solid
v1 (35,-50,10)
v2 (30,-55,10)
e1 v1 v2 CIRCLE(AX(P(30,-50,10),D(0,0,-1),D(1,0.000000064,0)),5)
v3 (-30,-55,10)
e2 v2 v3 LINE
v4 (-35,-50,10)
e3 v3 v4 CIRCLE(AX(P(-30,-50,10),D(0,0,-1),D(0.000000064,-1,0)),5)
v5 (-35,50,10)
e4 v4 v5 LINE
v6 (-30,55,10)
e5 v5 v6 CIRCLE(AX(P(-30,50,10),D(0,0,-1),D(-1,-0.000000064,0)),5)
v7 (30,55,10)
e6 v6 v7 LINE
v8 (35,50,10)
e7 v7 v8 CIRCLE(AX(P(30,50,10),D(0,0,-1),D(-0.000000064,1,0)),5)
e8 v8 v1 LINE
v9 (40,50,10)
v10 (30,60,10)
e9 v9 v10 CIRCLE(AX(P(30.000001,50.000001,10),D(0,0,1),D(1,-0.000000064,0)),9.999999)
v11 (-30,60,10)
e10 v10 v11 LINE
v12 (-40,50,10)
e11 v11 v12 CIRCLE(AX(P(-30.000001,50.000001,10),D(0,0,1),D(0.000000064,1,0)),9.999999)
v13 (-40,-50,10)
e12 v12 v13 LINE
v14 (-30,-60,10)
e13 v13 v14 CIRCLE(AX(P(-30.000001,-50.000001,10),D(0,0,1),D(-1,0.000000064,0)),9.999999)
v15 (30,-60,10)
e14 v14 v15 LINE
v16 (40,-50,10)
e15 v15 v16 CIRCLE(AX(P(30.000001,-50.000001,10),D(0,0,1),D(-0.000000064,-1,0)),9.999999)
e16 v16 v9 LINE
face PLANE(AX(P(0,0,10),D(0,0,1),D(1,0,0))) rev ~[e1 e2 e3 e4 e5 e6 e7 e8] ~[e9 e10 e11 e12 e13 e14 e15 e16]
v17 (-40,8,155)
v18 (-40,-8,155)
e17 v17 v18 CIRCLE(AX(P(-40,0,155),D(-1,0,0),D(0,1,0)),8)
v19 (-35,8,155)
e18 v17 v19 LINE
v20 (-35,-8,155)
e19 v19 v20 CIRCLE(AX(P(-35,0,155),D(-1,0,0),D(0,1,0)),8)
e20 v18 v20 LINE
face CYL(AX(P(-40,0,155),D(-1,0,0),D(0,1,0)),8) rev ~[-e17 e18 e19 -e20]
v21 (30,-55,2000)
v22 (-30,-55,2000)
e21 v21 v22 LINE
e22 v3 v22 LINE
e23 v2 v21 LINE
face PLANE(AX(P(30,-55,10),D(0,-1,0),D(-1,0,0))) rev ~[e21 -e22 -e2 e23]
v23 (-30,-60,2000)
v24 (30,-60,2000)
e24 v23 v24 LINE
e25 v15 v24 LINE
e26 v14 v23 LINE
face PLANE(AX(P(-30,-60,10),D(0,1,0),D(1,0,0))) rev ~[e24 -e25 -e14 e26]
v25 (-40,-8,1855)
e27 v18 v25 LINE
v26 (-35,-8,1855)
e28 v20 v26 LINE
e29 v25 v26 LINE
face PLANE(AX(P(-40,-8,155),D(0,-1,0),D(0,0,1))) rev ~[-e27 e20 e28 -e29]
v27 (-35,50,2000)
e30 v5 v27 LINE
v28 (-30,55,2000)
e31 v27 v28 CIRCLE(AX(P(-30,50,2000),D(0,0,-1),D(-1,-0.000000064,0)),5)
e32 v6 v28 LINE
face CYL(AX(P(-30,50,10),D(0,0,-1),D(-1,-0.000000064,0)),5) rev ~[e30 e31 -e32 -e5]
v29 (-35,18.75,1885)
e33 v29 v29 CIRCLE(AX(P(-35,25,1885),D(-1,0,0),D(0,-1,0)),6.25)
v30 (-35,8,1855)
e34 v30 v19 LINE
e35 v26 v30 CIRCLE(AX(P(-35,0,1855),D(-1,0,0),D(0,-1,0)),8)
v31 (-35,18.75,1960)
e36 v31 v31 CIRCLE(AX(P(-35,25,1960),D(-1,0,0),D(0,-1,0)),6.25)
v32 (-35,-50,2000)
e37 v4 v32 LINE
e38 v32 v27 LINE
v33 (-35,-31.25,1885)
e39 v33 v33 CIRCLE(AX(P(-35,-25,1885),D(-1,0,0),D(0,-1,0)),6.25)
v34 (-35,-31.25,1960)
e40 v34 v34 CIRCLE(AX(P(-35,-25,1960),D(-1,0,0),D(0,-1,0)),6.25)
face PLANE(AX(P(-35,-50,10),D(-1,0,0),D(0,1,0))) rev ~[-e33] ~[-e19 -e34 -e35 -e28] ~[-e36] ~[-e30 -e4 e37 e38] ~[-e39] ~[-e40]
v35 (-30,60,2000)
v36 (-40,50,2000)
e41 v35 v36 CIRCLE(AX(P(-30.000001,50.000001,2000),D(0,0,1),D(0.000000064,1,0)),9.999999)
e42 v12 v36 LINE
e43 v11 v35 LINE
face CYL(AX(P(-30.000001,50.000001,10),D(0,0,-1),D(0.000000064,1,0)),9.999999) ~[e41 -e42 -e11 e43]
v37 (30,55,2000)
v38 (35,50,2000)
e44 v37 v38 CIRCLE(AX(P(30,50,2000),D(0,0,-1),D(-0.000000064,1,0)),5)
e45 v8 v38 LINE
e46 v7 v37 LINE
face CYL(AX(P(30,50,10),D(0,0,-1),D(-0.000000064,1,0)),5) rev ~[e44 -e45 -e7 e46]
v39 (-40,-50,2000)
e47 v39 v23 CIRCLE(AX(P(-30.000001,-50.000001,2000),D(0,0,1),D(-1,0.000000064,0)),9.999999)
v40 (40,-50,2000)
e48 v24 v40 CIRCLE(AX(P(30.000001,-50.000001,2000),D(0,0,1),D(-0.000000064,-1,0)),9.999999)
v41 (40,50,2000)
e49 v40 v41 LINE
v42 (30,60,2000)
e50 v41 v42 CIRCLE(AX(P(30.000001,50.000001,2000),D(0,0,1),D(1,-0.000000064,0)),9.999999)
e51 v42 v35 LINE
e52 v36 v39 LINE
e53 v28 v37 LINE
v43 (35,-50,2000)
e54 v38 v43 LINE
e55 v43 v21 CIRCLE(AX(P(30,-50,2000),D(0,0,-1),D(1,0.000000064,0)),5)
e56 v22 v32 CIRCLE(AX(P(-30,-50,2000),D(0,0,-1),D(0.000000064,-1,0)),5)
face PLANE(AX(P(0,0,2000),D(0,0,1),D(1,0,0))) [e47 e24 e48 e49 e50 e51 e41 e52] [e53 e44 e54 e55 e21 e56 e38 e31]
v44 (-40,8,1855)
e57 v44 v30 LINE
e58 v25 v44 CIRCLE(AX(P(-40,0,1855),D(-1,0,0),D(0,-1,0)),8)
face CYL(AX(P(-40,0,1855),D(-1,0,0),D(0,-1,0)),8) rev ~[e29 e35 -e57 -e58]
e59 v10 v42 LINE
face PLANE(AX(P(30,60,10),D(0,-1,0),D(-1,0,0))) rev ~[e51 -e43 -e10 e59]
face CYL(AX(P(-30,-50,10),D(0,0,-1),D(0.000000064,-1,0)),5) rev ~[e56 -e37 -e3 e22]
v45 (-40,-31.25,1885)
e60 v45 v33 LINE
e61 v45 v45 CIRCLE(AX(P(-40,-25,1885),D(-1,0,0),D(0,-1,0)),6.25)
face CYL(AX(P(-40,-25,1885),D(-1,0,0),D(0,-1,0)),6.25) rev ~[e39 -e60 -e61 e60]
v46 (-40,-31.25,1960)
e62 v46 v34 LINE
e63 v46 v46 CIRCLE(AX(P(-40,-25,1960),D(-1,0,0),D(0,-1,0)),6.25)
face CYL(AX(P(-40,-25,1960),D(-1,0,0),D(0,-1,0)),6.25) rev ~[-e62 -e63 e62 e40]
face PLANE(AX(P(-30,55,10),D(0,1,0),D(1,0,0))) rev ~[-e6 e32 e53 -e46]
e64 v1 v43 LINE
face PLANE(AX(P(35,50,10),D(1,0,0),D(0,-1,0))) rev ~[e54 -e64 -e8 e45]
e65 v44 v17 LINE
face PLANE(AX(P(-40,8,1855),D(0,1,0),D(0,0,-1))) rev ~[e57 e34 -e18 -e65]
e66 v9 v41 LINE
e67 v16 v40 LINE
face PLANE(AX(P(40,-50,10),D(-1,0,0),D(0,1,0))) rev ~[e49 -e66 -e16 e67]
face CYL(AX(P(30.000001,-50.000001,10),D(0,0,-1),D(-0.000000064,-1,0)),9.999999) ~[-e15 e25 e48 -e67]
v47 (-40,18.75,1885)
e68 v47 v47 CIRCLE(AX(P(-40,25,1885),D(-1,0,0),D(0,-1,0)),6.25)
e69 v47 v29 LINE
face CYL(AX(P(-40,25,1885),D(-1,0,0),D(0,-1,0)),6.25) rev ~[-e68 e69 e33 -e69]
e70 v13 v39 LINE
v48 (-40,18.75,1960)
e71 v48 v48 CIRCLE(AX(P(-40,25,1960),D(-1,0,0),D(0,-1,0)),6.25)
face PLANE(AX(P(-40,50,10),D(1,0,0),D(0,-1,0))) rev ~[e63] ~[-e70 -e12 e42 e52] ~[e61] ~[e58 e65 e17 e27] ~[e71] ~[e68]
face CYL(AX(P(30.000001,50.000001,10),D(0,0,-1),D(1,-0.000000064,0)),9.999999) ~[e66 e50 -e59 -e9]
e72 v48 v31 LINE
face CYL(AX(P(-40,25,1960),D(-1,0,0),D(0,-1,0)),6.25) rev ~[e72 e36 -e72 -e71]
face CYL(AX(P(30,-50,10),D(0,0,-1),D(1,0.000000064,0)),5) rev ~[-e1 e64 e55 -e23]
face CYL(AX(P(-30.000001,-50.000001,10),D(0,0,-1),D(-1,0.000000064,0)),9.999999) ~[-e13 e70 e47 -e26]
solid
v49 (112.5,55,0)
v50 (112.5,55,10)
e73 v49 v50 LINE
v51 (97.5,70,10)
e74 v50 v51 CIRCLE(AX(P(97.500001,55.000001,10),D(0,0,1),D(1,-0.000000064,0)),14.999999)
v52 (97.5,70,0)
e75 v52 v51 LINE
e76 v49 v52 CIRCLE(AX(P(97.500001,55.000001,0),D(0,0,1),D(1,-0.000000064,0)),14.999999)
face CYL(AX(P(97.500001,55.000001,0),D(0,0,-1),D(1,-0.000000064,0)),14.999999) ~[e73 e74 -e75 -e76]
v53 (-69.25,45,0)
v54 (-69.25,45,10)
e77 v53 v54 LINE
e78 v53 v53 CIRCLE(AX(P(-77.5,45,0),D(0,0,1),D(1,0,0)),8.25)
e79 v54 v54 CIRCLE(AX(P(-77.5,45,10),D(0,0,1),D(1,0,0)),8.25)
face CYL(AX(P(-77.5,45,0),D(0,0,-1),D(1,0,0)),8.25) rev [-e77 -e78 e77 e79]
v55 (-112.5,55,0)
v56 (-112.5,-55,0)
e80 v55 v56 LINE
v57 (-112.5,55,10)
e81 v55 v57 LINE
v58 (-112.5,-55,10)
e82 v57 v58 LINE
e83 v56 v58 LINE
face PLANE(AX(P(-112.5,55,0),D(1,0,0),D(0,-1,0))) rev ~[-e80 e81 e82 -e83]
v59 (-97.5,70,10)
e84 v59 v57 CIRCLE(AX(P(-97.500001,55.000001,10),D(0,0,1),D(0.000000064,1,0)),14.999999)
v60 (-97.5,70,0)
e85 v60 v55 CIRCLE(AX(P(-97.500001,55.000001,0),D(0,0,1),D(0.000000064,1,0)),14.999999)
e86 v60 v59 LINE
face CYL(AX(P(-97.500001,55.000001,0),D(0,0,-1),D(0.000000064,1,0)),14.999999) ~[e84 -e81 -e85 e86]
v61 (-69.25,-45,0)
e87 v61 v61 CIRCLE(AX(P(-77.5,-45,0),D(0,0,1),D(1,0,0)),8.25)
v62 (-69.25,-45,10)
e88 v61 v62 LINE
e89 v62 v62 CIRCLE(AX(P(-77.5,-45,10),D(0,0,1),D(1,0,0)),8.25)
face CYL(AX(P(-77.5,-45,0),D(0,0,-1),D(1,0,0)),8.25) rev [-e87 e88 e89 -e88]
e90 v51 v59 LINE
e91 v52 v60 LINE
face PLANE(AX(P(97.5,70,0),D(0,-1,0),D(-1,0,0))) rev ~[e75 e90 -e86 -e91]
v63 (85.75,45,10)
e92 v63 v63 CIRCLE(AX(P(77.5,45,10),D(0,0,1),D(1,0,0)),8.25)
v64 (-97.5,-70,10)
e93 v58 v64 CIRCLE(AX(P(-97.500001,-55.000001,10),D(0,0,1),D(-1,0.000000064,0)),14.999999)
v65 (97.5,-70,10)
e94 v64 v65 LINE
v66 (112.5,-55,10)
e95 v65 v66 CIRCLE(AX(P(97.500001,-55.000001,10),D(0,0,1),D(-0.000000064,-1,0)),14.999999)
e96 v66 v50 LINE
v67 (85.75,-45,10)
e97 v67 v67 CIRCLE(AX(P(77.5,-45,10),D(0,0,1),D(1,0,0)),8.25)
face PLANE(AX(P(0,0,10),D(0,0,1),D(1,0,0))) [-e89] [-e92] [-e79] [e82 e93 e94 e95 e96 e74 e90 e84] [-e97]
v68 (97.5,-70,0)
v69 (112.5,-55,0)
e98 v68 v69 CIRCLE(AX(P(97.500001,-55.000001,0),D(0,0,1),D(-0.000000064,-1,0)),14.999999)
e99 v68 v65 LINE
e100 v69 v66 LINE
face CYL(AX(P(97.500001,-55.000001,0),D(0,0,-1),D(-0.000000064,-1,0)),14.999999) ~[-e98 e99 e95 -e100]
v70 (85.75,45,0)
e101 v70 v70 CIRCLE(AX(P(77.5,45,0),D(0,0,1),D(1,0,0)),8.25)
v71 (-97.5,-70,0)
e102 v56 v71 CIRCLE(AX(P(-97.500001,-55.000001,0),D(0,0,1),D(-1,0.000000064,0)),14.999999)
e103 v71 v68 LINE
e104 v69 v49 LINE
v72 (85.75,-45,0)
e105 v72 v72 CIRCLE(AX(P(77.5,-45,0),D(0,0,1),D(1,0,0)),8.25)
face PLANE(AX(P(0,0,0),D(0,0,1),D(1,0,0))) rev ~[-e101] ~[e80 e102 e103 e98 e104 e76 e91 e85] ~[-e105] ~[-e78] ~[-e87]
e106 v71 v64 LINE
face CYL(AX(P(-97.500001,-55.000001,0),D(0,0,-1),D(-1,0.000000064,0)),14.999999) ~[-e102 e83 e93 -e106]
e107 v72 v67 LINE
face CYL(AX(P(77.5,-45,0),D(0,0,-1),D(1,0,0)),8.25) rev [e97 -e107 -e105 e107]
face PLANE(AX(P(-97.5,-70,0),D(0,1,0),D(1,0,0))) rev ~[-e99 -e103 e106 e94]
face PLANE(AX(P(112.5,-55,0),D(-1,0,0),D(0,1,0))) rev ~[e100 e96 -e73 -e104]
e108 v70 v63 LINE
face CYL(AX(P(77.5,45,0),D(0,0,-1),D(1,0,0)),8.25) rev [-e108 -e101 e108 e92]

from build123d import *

# Parameters (mm, degrees)
F0_R     = 8.25
F1_DEPTH = 10
F3_DEPTH = 1990
F4_R     = 6.25
F5_DEPTH = 5


with BuildPart() as f1:
    # F0 (on Top) → F1 (new body)
    with BuildSketch(Plane.XY):
        with BuildLine():
            ThreePointArc((112.5, 55), (108.106602, 65.606602), (97.5, 70))
            Line((97.5, 70), (-97.5, 70))
            ThreePointArc((-97.5, 70), (-108.106602, 65.606602), (-112.5, 55))
            Line((-112.5, 55), (-112.5, -55))
            ThreePointArc((-112.5, -55), (-108.106602, -65.606602), (-97.5, -70))
            Line((-97.5, -70), (97.5, -70))
            ThreePointArc((97.5, -70), (108.106602, -65.606602), (112.5, -55))
            Line((112.5, -55), (112.5, 55))
        make_face()
        with Locations((-77.5, -45)):
            Circle(F0_R, mode=Mode.SUBTRACT)
        with Locations((77.5, -45)):
            Circle(F0_R, mode=Mode.SUBTRACT)
        with Locations((-77.5, 45)):
            Circle(F0_R, mode=Mode.SUBTRACT)
        with Locations((77.5, 45)):
            Circle(F0_R, mode=Mode.SUBTRACT)
    extrude(amount=F1_DEPTH)


with BuildPart() as f3:
    # F2 (on face) → F3 (new body)
    with BuildSketch(Plane.XY.offset(10)):
        with BuildLine():
            ThreePointArc((40, 50), (37.071068, 57.071068), (30, 60))
            Line((30, 60), (-30, 60))
            ThreePointArc((-30, 60), (-37.071068, 57.071068), (-40, 50))
            Line((-40, 50), (-40, -50))
            ThreePointArc((-40, -50), (-37.071068, -57.071068), (-30, -60))
            Line((-30, -60), (30, -60))
            ThreePointArc((30, -60), (37.071068, -57.071068), (40, -50))
            Line((40, -50), (40, 50))
        make_face()
        with BuildLine():
            ThreePointArc((-35, 50), (-33.535534, 53.535534), (-30, 55))
            Line((-30, 55), (30, 55))
            ThreePointArc((30, 55), (33.535534, 53.535534), (35, 50))
            Line((35, 50), (35, -50))
            ThreePointArc((35, -50), (33.535534, -53.535534), (30, -55))
            Line((30, -55), (-30, -55))
            ThreePointArc((-30, -55), (-33.535534, -53.535534), (-35, -50))
            Line((-35, -50), (-35, 50))
        make_face(mode=Mode.SUBTRACT)
    extrude(amount=F3_DEPTH)

    # F4 (on face) → F5 (cut, through all)
    with BuildSketch(Plane(origin=(-40, 0, 0), x_dir=(0, -1, 0), z_dir=(-1, 0, 0))):
        with BuildLine():
            ThreePointArc((8, 1855), (0, 1863), (-8, 1855))
            Line((-8, 1855), (-8, 155))
            ThreePointArc((-8, 155), (0, 147), (8, 155))
            Line((8, 155), (8, 1855))
        make_face()
        with Locations((-25, 1960)):
            Circle(F4_R)
        with Locations((-25, 1885)):
            Circle(F4_R)
        with Locations((25, 1960)):
            Circle(F4_R)
        with Locations((25, 1885)):
            Circle(F4_R)
    extrude(amount=-F5_DEPTH, mode=Mode.SUBTRACT)


solid = Compound([f1.part, f3.part])
